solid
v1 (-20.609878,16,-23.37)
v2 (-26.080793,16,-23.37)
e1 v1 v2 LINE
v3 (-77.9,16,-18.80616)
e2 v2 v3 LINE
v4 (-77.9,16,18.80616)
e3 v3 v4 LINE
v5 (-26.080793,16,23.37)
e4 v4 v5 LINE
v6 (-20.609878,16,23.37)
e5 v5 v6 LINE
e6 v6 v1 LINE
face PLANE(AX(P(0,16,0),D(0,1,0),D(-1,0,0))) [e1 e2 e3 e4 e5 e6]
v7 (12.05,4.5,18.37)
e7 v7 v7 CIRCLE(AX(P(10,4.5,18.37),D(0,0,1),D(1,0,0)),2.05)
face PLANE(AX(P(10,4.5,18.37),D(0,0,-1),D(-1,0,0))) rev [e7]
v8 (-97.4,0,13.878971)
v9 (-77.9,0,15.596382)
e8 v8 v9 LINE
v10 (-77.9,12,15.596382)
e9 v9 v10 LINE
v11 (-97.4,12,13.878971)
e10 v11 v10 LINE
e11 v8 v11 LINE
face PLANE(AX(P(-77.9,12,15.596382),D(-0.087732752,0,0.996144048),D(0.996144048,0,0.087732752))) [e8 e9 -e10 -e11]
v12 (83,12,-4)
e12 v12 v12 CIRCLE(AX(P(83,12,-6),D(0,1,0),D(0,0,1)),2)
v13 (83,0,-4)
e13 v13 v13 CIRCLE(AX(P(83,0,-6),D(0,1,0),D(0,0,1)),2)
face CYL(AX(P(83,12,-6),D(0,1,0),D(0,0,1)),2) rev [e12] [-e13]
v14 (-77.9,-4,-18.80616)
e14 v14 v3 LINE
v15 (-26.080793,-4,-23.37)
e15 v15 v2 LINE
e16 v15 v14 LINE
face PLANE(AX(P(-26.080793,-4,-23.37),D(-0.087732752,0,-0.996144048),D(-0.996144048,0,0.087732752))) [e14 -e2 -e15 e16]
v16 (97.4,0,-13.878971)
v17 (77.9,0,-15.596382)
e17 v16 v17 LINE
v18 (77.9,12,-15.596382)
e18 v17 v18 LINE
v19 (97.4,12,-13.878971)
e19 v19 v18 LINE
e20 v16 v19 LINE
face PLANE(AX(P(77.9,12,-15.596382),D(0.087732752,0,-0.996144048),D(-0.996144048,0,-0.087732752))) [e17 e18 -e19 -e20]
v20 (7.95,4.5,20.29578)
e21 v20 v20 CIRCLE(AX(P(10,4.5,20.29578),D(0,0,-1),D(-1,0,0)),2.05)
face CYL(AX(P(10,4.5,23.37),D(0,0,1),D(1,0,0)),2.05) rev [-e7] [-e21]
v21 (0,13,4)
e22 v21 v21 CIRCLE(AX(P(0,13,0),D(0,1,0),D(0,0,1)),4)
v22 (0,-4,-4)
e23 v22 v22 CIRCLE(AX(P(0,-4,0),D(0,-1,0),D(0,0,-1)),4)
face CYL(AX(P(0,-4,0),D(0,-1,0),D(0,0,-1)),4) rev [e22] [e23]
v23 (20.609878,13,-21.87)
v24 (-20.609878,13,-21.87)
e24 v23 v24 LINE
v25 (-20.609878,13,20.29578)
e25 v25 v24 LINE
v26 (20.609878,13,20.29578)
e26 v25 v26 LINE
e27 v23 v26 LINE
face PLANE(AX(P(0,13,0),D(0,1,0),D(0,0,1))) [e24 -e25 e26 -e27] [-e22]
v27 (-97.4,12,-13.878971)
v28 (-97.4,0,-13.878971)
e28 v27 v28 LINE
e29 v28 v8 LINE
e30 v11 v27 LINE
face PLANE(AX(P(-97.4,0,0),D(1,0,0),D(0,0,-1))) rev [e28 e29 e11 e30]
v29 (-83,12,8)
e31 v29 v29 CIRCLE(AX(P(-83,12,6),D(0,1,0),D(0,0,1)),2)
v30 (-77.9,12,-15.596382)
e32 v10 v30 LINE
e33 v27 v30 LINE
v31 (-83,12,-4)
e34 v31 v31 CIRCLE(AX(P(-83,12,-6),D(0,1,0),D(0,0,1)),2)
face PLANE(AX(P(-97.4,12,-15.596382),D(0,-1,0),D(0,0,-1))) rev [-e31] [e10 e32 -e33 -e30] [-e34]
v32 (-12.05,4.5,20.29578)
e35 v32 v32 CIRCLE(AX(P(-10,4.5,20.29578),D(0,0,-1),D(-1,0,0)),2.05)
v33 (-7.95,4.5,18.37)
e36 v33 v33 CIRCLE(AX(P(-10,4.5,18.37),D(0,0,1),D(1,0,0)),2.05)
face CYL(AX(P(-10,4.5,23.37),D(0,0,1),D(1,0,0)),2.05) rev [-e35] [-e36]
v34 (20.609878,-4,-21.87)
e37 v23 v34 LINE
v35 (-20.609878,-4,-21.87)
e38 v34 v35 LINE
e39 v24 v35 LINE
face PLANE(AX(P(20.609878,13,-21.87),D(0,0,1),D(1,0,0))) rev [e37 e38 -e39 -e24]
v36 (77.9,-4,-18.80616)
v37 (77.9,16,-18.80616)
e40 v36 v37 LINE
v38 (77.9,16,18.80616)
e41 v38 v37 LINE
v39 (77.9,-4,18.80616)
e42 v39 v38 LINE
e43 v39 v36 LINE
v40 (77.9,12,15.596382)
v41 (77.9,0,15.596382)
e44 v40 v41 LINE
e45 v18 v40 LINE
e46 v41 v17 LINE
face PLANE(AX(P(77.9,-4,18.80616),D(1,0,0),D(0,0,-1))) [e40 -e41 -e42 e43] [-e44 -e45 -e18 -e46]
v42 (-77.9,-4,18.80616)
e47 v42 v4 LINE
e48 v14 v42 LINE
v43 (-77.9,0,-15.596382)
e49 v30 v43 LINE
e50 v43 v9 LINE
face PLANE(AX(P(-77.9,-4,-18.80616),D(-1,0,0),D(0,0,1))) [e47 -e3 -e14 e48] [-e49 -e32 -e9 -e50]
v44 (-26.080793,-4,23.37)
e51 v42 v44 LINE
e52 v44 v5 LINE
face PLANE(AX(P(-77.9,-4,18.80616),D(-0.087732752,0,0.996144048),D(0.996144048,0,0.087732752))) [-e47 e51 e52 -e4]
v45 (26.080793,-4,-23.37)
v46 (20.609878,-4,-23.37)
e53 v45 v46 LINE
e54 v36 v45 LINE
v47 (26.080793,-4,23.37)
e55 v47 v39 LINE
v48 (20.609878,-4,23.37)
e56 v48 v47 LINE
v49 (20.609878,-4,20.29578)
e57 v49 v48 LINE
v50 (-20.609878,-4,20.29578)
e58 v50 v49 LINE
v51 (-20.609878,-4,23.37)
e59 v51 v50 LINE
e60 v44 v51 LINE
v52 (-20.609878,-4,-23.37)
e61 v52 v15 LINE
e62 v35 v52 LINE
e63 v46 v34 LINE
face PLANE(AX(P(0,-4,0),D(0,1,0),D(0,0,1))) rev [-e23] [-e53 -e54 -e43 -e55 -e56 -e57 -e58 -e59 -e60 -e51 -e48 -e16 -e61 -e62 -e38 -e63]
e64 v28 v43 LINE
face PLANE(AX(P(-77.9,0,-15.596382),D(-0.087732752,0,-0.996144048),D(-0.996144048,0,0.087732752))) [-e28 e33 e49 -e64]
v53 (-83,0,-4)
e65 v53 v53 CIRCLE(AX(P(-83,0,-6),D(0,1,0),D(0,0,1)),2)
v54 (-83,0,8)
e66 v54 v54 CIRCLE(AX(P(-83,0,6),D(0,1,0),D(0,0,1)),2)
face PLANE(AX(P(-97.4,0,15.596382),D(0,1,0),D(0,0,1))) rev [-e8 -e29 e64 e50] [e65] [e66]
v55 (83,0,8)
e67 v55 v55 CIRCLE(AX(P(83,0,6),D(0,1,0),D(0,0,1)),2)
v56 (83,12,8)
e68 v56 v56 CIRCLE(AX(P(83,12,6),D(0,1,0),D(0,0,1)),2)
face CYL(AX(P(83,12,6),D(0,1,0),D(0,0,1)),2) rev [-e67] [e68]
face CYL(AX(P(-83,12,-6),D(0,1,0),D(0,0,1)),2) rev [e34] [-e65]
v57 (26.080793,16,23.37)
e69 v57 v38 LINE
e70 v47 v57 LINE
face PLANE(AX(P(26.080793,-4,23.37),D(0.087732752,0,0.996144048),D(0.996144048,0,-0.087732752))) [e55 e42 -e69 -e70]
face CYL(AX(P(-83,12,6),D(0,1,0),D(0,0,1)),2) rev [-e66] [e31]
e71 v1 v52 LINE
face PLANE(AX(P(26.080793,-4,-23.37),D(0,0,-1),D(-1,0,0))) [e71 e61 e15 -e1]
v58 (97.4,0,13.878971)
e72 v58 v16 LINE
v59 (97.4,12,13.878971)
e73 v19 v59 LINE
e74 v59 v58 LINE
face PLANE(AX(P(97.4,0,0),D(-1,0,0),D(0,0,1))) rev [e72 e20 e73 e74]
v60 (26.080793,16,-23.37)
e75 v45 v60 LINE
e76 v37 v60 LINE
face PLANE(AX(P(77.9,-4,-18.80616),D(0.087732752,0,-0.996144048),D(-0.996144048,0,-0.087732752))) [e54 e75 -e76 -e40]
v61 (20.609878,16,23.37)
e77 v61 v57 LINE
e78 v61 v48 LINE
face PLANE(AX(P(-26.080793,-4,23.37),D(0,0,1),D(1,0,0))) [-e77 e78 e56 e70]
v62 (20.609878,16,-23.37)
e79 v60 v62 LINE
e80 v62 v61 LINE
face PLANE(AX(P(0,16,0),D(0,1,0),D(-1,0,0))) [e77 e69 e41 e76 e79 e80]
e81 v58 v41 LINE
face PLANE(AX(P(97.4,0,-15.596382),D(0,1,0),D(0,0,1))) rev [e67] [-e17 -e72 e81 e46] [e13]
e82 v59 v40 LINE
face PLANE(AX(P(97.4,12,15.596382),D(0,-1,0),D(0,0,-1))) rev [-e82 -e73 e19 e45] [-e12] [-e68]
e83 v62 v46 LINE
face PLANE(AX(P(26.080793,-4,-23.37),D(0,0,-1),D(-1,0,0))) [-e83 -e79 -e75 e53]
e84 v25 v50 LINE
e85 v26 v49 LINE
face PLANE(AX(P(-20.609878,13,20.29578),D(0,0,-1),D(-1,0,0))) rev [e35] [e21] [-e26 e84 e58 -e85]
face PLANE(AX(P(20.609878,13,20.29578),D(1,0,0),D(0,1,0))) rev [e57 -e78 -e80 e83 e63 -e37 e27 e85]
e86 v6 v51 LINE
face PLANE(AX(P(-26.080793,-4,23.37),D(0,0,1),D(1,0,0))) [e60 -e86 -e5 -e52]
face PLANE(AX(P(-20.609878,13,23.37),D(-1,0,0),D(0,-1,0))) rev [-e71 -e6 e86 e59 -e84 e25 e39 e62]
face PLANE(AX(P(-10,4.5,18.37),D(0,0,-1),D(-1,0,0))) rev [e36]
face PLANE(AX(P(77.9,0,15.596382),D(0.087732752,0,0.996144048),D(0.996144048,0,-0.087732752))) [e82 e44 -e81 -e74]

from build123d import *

# Parameters (mm, degrees)
BOSS_EXTRUDE1_DEPTH            = 17
SKETCH2_W                      = 41.219755562
SKETCH2_H                      = 3.074219812
CUT_EXTRUDE1_DEPTH             = 84.08770607
SKETCH3_W                      = 41.219755562
SKETCH3_H                      = 1.5
CUT_EXTRUDE2_DEPTH             = 84.08770607
BOSS_EXTRUDE2_DEPTH            = 3
BOSS_EXTRUDE3_DEPTH            = 3
SKETCH6_W                      = 31.19276455
SKETCH6_H                      = 12
BOSS_EXTRUDE4_DEPTH            = 19.5
SKETCH7_W                      = 31.19276455
SKETCH7_H                      = 12
BOSS_EXTRUDE5_DEPTH            = 19.5
DRAFT1_ANGLE                   = 5.033187306
DRAFT2_ANGLE                   = 5.033187306
F_4_1_4_1_DIAMETER_HOLE1_D     = 4.1
F_4_1_4_1_DIAMETER_HOLE1_DEPTH = 5
F_4_0_4_DIAMETER_HOLE1_D       = 4
F_4_0_4_DIAMETER_HOLE1_DEPTH   = 16
F_8_0_8_DIAMETER_HOLE1_D       = 8
F_8_0_8_DIAMETER_HOLE1_DEPTH   = 20


with BuildPart() as part:
    # Sketch1 → Boss-Extrude1 (new body)
    with BuildSketch(Plane(origin=(0, 13, 0), x_dir=(1, 0, 0), z_dir=(0, 1, 0))):
        Polygon((-26.080793056, -23.37), (26.080793056, -23.37), (77.9, -18.806160436), (77.9, 18.806160436), (26.080793056, 23.37), (-26.080793056, 23.37), (-77.9, 18.806160436), (-77.9, -18.806160436), align=None)
    extrude(amount=-BOSS_EXTRUDE1_DEPTH)

    # Sketch2 → Cut-Extrude1 (cut, through all)
    with BuildSketch(Plane.XZ.offset(4)):
        with Locations((0, 21.832890094)):
            Rectangle(SKETCH2_W, SKETCH2_H)
    extrude(amount=-CUT_EXTRUDE1_DEPTH, mode=Mode.SUBTRACT)

    # Sketch3 → Cut-Extrude2 (cut, through all)
    with BuildSketch(Plane.XZ.offset(4)):
        with Locations((0, -22.62)):
            Rectangle(SKETCH3_W, SKETCH3_H)
    extrude(amount=-CUT_EXTRUDE2_DEPTH, mode=Mode.SUBTRACT)

    # Sketch4 → Boss-Extrude2 (add)
    with BuildSketch(Plane(origin=(0, 13, 0), x_dir=(-1, 0, 0), z_dir=(0, 1, 0))):
        Polygon((-20.609877781, 20.295780188), (-20.609877781, 23.37), (-26.080793056, 23.37), (-77.9, 18.806160436), (-77.9, -18.806160436), (-26.080793056, -23.37), (-20.609877781, -23.37), (-20.609877781, -21.87), align=None)
    extrude(amount=BOSS_EXTRUDE2_DEPTH)

    # Sketch5 → Boss-Extrude3 (add)
    with BuildSketch(Plane(origin=(0, 13, 0), x_dir=(-1, 0, 0), z_dir=(0, 1, 0))):
        Polygon((20.609877781, -21.87), (20.609877781, -23.37), (26.080793056, -23.37), (77.9, -18.806160436), (77.9, 18.806160436), (26.080793056, 23.37), (20.609877781, 23.37), (20.609877781, 20.295780188), align=None)
    extrude(amount=BOSS_EXTRUDE3_DEPTH)

    # Sketch6 → Boss-Extrude4 (add)
    with BuildSketch(Plane(origin=(77.9, 0, 0), x_dir=(0, 0, -1), z_dir=(1, 0, 0))):
        with Locations((0, 6)):
            Rectangle(SKETCH6_W, SKETCH6_H)
    extrude(amount=BOSS_EXTRUDE4_DEPTH)

    # Sketch7 → Boss-Extrude5 (add)
    with BuildSketch(Plane.ZY.offset(77.9)):
        with Locations((0, 6)):
            Rectangle(SKETCH7_W, SKETCH7_H)
    extrude(amount=BOSS_EXTRUDE5_DEPTH)

    # Draft1
    draft1_faces = [part.faces().sort_by_distance(p)[0] for p in [
        (-87.65, 6, 15.596382275),
        (-87.65, 6, -15.596382275),
    ]]
    draft(draft1_faces, Plane(origin=(-77.9, -4, -18.806160436), x_dir=(0, 0, -1), z_dir=(-1, 0, 0)), DRAFT1_ANGLE)

    # Draft2
    draft2_faces = [part.faces().sort_by_distance(p)[0] for p in [
        (87.65, 6, 15.596382275),
        (87.65, 6, -15.596382275),
    ]]
    draft(draft2_faces, Plane(origin=(77.9, -4, 18.806160436), x_dir=(0, 0, 1), z_dir=(1, 0, 0)), DRAFT2_ANGLE)

    # Ø4.1 (4.1) Diameter Hole1
    with Locations(Plane.XY.offset(23.37)):
        with Locations((-10, 4.5), (10, 4.5)):
            Hole(F_4_1_4_1_DIAMETER_HOLE1_D / 2, depth=F_4_1_4_1_DIAMETER_HOLE1_DEPTH)

    # Ø4.0 (4) Diameter Hole1
    with Locations(Plane(origin=(0, 12, 0), x_dir=(1, 0, 0), z_dir=(0, 1, 0))):
        with Locations((-83, 6), (-83, -6), (83, -6), (83, 6)):
            Hole(F_4_0_4_DIAMETER_HOLE1_D / 2, depth=F_4_0_4_DIAMETER_HOLE1_DEPTH)

    # Ø8.0 (8) Diameter Hole1
    with Locations(Plane(origin=(0, -4, 0), x_dir=(-1, 0, 0), z_dir=(0, -1, 0))):
        with Locations((0, 0)):
            Hole(F_8_0_8_DIAMETER_HOLE1_D / 2, depth=F_8_0_8_DIAMETER_HOLE1_DEPTH)


solid = part.part
